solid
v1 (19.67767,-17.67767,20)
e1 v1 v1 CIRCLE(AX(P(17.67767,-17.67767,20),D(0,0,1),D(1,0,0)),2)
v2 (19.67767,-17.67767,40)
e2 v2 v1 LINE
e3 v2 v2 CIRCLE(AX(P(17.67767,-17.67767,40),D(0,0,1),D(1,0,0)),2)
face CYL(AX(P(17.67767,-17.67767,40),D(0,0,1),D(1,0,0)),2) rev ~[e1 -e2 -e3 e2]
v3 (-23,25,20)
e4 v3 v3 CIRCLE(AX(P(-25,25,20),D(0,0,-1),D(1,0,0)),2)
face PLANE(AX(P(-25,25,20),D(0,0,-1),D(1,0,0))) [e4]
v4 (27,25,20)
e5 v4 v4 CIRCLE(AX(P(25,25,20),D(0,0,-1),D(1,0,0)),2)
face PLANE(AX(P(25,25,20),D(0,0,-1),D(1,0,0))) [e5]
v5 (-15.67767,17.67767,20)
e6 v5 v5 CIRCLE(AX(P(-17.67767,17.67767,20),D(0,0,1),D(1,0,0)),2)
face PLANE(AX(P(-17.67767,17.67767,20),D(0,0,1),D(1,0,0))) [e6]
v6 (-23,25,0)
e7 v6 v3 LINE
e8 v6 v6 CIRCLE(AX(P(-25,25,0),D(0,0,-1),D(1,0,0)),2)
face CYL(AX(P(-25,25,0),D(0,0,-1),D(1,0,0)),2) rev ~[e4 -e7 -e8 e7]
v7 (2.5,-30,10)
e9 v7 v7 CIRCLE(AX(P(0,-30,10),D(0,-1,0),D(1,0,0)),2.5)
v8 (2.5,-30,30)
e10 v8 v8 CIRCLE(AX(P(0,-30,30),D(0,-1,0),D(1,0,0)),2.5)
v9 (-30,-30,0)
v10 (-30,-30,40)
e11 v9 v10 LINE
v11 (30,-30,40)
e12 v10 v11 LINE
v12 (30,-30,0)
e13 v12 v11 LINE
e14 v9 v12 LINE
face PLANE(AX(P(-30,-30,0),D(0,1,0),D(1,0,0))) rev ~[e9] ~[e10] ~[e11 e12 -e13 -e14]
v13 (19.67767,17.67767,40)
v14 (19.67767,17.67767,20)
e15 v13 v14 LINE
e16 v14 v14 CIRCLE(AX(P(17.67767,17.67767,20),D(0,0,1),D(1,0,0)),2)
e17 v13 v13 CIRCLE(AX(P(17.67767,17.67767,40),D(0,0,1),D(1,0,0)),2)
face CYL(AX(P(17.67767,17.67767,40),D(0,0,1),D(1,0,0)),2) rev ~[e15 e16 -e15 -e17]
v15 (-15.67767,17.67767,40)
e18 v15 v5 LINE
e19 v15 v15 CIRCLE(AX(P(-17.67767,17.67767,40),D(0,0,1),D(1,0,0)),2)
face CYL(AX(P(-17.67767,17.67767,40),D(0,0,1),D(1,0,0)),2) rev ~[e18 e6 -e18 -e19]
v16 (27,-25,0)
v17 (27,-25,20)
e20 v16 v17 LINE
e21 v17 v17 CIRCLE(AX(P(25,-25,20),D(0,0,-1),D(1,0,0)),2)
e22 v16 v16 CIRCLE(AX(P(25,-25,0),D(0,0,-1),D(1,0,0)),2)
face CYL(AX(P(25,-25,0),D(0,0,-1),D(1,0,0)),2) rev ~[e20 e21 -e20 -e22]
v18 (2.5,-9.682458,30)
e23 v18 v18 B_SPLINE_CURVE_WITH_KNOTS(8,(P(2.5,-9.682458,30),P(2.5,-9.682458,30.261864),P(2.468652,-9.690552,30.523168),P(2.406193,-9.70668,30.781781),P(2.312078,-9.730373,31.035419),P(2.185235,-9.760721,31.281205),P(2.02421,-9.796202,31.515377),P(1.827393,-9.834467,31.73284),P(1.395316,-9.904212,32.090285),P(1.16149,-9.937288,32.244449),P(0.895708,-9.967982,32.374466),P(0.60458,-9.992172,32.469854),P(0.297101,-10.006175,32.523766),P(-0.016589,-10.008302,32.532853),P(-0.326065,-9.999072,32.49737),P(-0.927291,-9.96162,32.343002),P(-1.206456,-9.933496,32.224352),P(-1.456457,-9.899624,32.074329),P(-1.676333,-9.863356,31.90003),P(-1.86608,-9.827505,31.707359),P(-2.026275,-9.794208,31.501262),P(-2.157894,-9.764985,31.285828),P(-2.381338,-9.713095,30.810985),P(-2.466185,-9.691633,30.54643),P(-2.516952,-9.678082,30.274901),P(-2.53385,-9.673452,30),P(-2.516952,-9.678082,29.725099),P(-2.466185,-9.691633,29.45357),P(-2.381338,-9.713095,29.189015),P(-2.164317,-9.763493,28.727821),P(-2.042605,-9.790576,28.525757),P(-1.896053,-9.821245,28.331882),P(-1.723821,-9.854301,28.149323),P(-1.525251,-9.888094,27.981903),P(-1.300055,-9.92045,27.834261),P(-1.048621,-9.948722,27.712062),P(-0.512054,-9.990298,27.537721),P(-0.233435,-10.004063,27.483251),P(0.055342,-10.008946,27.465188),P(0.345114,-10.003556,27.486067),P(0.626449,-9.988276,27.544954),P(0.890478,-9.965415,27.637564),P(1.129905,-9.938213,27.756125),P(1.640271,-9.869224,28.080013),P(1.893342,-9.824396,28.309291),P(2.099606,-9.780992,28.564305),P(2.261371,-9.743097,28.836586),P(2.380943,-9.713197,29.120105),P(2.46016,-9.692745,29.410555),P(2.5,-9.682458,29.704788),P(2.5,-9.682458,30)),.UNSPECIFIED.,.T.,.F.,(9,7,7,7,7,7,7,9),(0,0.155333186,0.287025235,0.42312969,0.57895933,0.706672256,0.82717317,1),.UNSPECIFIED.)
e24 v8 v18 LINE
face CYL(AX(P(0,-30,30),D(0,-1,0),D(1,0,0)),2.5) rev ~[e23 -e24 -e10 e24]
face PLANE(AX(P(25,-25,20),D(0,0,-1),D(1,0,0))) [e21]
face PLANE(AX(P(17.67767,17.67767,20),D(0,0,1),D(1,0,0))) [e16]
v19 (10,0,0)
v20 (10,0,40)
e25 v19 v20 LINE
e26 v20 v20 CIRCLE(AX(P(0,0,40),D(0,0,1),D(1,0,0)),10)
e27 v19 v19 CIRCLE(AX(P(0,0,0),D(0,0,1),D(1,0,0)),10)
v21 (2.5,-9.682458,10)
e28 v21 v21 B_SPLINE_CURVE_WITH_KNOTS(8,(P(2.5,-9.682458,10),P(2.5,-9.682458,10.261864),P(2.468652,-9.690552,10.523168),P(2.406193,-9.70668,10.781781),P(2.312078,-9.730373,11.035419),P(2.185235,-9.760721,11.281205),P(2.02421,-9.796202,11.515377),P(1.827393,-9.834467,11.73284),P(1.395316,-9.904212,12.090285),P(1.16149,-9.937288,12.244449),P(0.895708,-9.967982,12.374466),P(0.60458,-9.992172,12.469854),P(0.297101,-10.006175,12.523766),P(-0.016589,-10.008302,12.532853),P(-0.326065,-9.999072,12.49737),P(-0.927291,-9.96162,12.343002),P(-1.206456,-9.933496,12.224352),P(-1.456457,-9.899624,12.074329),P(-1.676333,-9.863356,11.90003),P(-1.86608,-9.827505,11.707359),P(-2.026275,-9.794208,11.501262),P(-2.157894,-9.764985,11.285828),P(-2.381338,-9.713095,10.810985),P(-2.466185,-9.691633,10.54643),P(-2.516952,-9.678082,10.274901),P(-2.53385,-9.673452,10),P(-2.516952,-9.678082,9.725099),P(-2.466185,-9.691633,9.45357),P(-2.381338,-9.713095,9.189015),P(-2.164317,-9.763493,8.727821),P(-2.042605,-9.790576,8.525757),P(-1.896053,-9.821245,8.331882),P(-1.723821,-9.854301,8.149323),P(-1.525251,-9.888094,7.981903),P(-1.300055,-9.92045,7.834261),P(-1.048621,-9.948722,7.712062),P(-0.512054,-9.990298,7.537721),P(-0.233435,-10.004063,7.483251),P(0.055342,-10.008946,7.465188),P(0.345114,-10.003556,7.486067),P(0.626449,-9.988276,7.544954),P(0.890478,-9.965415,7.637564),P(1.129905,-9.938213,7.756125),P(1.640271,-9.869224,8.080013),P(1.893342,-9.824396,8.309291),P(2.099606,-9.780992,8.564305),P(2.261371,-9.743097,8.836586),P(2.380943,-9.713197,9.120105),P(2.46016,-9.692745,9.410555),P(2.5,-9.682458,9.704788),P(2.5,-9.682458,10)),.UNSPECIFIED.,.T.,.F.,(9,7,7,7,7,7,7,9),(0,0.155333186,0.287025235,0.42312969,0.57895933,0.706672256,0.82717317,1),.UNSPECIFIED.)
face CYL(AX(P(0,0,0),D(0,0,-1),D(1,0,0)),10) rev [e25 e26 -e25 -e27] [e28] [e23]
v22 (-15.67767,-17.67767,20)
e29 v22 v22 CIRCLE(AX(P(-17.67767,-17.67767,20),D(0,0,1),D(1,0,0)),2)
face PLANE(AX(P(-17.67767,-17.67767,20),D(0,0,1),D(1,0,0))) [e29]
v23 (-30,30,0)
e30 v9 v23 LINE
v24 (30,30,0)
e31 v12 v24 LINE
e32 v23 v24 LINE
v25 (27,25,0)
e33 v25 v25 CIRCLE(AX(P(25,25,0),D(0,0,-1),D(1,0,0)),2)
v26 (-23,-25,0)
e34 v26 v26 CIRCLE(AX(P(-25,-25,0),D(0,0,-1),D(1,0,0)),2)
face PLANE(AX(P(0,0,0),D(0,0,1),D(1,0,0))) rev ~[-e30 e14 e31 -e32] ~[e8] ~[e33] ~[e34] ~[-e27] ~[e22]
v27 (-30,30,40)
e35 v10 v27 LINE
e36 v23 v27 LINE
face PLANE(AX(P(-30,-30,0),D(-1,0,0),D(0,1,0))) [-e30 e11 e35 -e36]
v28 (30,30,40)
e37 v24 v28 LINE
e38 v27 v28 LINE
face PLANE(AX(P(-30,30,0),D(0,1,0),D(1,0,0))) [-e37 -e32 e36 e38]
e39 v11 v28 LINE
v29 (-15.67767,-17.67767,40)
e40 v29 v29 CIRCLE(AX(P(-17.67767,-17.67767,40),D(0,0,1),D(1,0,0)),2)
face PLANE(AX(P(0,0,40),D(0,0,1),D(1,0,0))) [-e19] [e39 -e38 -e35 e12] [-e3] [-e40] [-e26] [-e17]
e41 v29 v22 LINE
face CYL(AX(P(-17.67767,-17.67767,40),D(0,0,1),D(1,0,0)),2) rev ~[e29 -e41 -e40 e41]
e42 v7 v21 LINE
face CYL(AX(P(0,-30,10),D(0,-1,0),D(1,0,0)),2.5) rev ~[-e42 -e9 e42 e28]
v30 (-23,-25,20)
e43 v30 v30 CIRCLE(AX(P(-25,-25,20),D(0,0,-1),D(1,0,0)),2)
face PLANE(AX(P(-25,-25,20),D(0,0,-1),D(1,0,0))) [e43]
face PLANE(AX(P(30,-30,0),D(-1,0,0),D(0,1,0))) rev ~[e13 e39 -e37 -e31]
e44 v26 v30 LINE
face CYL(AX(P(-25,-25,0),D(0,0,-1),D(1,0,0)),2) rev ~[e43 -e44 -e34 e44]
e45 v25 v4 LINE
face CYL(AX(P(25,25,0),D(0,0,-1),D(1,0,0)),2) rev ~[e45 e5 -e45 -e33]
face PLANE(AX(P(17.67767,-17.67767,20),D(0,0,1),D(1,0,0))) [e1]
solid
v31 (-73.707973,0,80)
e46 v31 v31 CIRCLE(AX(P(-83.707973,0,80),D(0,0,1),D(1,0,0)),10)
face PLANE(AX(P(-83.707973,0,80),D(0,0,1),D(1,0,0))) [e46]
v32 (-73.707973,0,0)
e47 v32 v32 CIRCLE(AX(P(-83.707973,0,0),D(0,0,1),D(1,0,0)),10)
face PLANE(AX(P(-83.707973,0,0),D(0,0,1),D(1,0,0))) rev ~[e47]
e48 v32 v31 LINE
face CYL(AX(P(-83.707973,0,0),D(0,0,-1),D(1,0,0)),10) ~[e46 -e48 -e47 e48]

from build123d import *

# Parameters (mm, degrees)
F0_W     = 60
F0_H     = 60
F0_R     = 10
F1_DEPTH = 40
F2_R     = 2
F3_DEPTH = 20
F4_R     = 2.5
F5_DEPTH = 25
F6_DEPTH = 80
F7_R     = 2
F8_DEPTH = 20


with BuildPart() as f1:
    # F0 (on Top) → F1 (new body)
    with BuildSketch(Plane.XY):
        Rectangle(F0_W, F0_H)
        Circle(F0_R, mode=Mode.SUBTRACT)
    extrude(amount=F1_DEPTH)

    # F2 (on face) → F3 (cut)
    with BuildSketch(Plane(origin=(0, 0, 0), x_dir=(1, 0, 0), z_dir=(0, 0, -1))):
        with Locations((-25, 25)):
            Circle(F2_R)
        with Locations((25, 25)):
            Circle(F2_R)
        with Locations((-25, -25)):
            Circle(F2_R)
        with Locations((25, -25)):
            Circle(F2_R)
    extrude(amount=-F3_DEPTH, mode=Mode.SUBTRACT)

    # F4 (on face) → F5 (cut)
    with BuildSketch(Plane.XZ.offset(30)):
        with Locations((0, 30)):
            Circle(F4_R)
        with Locations((0, 10)):
            Circle(F4_R)
    extrude(amount=-F5_DEPTH, mode=Mode.SUBTRACT)

    # F7 (on face) → F8 (cut)
    with BuildSketch(Plane.XY.offset(40)):
        with Locations((-17.67767, 17.67767)):
            Circle(F7_R)
        with Locations((-17.67767, -17.67767)):
            Circle(F7_R)
        with Locations((17.67767, -17.67767)):
            Circle(F7_R)
        with Locations((17.67767, 17.67767)):
            Circle(F7_R)
    extrude(amount=-F8_DEPTH, mode=Mode.SUBTRACT)


with BuildPart() as f6:
    # F0 (on Top) → F6 (new body)
    with BuildSketch(Plane.XY):
        with Locations((-83.707973, 0)):
            Circle(F0_R)
    extrude(amount=F6_DEPTH)


solid = Compound([f1.part, f6.part])
